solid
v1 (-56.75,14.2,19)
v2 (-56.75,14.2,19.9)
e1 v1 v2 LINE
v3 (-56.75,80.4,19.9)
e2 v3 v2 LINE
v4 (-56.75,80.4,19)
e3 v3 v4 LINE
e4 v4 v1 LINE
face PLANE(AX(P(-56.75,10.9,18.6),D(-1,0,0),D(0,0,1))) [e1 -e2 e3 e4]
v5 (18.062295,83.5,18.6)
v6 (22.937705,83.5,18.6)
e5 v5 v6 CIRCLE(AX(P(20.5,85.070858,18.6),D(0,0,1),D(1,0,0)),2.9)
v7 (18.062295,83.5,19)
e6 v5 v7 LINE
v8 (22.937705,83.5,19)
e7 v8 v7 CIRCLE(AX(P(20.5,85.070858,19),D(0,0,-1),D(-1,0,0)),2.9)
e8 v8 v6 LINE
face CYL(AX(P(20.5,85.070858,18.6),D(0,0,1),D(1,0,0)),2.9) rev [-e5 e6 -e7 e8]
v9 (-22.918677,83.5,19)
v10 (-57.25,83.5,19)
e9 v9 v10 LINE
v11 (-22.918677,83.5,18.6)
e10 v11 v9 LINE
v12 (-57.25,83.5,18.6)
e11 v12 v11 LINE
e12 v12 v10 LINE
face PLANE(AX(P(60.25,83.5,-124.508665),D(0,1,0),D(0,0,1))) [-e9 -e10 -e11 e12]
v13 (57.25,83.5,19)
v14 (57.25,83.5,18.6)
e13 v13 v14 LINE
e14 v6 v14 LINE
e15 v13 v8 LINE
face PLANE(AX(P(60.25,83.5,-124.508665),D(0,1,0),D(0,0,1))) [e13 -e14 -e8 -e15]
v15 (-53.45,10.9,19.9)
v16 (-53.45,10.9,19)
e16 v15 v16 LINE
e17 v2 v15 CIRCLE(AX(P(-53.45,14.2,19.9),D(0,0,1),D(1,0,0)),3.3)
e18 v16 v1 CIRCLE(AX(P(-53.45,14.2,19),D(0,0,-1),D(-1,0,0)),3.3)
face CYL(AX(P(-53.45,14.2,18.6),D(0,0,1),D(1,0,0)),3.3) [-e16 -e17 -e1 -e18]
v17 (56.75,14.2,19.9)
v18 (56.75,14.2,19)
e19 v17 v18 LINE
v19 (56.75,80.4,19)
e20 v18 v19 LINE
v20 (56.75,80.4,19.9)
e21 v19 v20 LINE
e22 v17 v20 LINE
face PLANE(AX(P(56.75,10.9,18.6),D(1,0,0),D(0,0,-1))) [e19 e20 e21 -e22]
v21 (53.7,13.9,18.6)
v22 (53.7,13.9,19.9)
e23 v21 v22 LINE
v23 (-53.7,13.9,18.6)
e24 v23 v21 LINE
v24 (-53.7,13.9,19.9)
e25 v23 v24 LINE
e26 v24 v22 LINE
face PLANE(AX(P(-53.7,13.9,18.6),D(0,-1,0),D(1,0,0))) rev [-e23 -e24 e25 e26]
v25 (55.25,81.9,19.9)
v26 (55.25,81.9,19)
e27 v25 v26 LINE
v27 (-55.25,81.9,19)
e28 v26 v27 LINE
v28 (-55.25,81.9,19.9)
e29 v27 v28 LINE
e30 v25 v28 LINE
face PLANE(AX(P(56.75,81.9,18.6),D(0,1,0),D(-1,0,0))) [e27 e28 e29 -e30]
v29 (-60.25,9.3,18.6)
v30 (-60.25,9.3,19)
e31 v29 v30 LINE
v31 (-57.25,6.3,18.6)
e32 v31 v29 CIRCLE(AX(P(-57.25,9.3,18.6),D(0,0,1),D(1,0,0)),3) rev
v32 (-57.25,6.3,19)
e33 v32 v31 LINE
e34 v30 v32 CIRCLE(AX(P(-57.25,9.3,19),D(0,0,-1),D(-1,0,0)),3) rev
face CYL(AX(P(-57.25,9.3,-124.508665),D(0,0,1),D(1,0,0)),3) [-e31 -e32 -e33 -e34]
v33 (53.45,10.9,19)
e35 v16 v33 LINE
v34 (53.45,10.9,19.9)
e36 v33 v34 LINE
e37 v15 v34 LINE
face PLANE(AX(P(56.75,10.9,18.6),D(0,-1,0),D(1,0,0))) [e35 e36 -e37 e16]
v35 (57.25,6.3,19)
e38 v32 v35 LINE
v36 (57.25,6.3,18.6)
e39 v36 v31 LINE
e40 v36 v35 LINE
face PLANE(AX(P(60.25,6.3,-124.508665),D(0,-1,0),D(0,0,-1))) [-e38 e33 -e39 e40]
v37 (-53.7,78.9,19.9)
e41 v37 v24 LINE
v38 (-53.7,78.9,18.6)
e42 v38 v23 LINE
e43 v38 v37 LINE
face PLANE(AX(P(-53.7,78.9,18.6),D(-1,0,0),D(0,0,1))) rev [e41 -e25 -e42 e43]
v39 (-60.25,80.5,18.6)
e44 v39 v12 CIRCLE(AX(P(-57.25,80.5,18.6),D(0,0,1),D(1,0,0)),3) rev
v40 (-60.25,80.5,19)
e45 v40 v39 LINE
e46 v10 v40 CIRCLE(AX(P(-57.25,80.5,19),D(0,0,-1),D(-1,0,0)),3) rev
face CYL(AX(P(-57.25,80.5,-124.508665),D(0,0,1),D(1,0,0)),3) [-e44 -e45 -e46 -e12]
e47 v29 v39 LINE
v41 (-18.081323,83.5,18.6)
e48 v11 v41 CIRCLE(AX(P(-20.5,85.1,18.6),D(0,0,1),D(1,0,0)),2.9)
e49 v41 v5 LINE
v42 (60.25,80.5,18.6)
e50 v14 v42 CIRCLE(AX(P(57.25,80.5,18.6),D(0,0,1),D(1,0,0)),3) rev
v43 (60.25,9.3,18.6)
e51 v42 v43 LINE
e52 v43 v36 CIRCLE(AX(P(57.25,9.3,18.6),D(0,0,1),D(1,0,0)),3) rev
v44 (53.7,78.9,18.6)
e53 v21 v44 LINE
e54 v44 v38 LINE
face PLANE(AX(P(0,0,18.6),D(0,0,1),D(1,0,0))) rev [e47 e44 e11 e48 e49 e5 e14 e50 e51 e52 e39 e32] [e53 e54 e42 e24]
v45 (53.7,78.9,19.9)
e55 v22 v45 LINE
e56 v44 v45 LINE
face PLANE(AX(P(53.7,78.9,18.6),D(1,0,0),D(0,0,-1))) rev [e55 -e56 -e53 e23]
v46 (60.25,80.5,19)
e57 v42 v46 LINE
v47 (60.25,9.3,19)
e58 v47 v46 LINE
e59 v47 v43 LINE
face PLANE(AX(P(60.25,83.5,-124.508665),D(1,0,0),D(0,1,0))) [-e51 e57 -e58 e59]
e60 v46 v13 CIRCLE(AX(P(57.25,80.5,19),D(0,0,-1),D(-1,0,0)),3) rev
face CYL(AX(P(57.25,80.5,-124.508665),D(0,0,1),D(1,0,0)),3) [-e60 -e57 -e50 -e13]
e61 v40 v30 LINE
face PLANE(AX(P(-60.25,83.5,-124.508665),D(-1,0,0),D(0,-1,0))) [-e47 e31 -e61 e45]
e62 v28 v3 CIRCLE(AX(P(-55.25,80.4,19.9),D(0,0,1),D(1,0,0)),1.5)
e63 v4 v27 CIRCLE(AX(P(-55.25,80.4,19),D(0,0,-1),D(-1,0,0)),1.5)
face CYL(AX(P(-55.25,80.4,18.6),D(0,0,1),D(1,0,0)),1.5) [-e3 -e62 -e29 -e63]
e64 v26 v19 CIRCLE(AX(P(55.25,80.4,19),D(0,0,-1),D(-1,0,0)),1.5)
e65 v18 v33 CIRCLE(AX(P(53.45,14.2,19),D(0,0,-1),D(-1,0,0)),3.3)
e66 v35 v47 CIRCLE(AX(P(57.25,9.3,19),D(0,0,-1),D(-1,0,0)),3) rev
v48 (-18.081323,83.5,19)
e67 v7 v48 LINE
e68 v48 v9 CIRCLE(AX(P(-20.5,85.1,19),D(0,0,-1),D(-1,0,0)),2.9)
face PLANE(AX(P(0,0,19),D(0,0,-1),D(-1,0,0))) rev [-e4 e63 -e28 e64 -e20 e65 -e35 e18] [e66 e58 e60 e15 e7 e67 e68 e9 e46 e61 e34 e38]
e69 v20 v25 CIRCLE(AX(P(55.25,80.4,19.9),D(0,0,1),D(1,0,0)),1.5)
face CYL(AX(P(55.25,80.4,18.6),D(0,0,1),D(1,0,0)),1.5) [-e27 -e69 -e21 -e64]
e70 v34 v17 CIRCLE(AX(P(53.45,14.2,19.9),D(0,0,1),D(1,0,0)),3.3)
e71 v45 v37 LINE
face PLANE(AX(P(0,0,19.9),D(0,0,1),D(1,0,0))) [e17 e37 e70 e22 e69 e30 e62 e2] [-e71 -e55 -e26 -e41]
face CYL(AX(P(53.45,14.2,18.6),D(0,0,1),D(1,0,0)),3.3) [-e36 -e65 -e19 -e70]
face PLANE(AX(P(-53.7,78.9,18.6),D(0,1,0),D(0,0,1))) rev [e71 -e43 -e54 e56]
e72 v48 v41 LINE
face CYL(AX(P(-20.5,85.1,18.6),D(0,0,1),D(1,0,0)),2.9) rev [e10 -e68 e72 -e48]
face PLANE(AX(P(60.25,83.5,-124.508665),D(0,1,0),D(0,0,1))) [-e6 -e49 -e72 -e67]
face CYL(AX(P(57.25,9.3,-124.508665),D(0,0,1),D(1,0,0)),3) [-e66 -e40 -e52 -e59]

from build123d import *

# Parameters (mm, degrees)
SKIZZE2_W                       = 113.5
SKIZZE2_H                       = 71
AUFSATZ_LINEAR_AUSTRAGEN1_DEPTH = 1.3
AUFSATZ_LINEAR_START            = -0.9
SKIZZE3_W                       = 120.5
SKIZZE3_H                       = 77.2
AUFSATZ_LINEAR_AUSTRAGEN2_DEPTH = 0.4
SKIZZE4_W                       = 107.4
SKIZZE4_H                       = 65
SCHNITT_LINEAR_AUSTRAGEN1_DEPTH = 103.975737434
VERRUNDUNG1_R                   = 1.5
VERRUNDUNG2_R                   = 3.3
VERRUNDUNG3_R                   = 3
SKIZZE5_R                       = 2.9
SCHNITT_LINEAR_AUSTRAGEN2_DEPTH = 103.975737434


with BuildPart() as part:
    # Skizze2 → Aufsatz-Linear austragen1 (new body)
    with BuildSketch(Plane.XY.offset(19.9)):
        with Locations((0, 46.4)):
            Rectangle(SKIZZE2_W, SKIZZE2_H)
    extrude(amount=-AUFSATZ_LINEAR_AUSTRAGEN1_DEPTH)

    # Skizze3 → Aufsatz-Linear austragen2 (add)
    with BuildSketch(Plane.XY.offset(19.9).offset(AUFSATZ_LINEAR_START)):
        with Locations((0, 44.9)):
            Rectangle(SKIZZE3_W, SKIZZE3_H)
    extrude(amount=-AUFSATZ_LINEAR_AUSTRAGEN2_DEPTH)

    # Skizze4 → Schnitt-Linear austragen1 (cut, through all)
    with BuildSketch(Plane.XY.offset(19.9)):
        with Locations((0, 46.4)):
            Rectangle(SKIZZE4_W, SKIZZE4_H)
    extrude(amount=-SCHNITT_LINEAR_AUSTRAGEN1_DEPTH, mode=Mode.SUBTRACT)

    # Verrundung1
    verrundung1_edges = [part.edges().sort_by_distance(p)[0] for p in [
        (56.75, 81.9, 19.45),
        (-56.75, 81.9, 19.45),
    ]]
    fillet(verrundung1_edges, radius=VERRUNDUNG1_R)

    # Verrundung2
    verrundung2_edges = [part.edges().sort_by_distance(p)[0] for p in [
        (-56.75, 10.9, 19.45),
        (56.75, 10.9, 19.45),
    ]]
    fillet(verrundung2_edges, radius=VERRUNDUNG2_R)

    # Verrundung3
    verrundung3_edges = [part.edges().sort_by_distance(p)[0] for p in [
        (60.25, 83.5, 18.8),
        (60.25, 6.3, 18.8),
        (-60.25, 6.3, 18.8),
        (-60.25, 83.5, 18.8),
    ]]
    fillet(verrundung3_edges, radius=VERRUNDUNG3_R)

    # Skizze5 → Schnitt-Linear austragen2 (cut, through all)
    with BuildSketch(Plane.XY.offset(19.9)):
        with Locations((20.5, 85.070858308)):
            Circle(SKIZZE5_R)
        with Locations((-20.5, 85.1)):
            Circle(SKIZZE5_R)
    extrude(amount=-SCHNITT_LINEAR_AUSTRAGEN2_DEPTH, mode=Mode.SUBTRACT)


solid = part.part
